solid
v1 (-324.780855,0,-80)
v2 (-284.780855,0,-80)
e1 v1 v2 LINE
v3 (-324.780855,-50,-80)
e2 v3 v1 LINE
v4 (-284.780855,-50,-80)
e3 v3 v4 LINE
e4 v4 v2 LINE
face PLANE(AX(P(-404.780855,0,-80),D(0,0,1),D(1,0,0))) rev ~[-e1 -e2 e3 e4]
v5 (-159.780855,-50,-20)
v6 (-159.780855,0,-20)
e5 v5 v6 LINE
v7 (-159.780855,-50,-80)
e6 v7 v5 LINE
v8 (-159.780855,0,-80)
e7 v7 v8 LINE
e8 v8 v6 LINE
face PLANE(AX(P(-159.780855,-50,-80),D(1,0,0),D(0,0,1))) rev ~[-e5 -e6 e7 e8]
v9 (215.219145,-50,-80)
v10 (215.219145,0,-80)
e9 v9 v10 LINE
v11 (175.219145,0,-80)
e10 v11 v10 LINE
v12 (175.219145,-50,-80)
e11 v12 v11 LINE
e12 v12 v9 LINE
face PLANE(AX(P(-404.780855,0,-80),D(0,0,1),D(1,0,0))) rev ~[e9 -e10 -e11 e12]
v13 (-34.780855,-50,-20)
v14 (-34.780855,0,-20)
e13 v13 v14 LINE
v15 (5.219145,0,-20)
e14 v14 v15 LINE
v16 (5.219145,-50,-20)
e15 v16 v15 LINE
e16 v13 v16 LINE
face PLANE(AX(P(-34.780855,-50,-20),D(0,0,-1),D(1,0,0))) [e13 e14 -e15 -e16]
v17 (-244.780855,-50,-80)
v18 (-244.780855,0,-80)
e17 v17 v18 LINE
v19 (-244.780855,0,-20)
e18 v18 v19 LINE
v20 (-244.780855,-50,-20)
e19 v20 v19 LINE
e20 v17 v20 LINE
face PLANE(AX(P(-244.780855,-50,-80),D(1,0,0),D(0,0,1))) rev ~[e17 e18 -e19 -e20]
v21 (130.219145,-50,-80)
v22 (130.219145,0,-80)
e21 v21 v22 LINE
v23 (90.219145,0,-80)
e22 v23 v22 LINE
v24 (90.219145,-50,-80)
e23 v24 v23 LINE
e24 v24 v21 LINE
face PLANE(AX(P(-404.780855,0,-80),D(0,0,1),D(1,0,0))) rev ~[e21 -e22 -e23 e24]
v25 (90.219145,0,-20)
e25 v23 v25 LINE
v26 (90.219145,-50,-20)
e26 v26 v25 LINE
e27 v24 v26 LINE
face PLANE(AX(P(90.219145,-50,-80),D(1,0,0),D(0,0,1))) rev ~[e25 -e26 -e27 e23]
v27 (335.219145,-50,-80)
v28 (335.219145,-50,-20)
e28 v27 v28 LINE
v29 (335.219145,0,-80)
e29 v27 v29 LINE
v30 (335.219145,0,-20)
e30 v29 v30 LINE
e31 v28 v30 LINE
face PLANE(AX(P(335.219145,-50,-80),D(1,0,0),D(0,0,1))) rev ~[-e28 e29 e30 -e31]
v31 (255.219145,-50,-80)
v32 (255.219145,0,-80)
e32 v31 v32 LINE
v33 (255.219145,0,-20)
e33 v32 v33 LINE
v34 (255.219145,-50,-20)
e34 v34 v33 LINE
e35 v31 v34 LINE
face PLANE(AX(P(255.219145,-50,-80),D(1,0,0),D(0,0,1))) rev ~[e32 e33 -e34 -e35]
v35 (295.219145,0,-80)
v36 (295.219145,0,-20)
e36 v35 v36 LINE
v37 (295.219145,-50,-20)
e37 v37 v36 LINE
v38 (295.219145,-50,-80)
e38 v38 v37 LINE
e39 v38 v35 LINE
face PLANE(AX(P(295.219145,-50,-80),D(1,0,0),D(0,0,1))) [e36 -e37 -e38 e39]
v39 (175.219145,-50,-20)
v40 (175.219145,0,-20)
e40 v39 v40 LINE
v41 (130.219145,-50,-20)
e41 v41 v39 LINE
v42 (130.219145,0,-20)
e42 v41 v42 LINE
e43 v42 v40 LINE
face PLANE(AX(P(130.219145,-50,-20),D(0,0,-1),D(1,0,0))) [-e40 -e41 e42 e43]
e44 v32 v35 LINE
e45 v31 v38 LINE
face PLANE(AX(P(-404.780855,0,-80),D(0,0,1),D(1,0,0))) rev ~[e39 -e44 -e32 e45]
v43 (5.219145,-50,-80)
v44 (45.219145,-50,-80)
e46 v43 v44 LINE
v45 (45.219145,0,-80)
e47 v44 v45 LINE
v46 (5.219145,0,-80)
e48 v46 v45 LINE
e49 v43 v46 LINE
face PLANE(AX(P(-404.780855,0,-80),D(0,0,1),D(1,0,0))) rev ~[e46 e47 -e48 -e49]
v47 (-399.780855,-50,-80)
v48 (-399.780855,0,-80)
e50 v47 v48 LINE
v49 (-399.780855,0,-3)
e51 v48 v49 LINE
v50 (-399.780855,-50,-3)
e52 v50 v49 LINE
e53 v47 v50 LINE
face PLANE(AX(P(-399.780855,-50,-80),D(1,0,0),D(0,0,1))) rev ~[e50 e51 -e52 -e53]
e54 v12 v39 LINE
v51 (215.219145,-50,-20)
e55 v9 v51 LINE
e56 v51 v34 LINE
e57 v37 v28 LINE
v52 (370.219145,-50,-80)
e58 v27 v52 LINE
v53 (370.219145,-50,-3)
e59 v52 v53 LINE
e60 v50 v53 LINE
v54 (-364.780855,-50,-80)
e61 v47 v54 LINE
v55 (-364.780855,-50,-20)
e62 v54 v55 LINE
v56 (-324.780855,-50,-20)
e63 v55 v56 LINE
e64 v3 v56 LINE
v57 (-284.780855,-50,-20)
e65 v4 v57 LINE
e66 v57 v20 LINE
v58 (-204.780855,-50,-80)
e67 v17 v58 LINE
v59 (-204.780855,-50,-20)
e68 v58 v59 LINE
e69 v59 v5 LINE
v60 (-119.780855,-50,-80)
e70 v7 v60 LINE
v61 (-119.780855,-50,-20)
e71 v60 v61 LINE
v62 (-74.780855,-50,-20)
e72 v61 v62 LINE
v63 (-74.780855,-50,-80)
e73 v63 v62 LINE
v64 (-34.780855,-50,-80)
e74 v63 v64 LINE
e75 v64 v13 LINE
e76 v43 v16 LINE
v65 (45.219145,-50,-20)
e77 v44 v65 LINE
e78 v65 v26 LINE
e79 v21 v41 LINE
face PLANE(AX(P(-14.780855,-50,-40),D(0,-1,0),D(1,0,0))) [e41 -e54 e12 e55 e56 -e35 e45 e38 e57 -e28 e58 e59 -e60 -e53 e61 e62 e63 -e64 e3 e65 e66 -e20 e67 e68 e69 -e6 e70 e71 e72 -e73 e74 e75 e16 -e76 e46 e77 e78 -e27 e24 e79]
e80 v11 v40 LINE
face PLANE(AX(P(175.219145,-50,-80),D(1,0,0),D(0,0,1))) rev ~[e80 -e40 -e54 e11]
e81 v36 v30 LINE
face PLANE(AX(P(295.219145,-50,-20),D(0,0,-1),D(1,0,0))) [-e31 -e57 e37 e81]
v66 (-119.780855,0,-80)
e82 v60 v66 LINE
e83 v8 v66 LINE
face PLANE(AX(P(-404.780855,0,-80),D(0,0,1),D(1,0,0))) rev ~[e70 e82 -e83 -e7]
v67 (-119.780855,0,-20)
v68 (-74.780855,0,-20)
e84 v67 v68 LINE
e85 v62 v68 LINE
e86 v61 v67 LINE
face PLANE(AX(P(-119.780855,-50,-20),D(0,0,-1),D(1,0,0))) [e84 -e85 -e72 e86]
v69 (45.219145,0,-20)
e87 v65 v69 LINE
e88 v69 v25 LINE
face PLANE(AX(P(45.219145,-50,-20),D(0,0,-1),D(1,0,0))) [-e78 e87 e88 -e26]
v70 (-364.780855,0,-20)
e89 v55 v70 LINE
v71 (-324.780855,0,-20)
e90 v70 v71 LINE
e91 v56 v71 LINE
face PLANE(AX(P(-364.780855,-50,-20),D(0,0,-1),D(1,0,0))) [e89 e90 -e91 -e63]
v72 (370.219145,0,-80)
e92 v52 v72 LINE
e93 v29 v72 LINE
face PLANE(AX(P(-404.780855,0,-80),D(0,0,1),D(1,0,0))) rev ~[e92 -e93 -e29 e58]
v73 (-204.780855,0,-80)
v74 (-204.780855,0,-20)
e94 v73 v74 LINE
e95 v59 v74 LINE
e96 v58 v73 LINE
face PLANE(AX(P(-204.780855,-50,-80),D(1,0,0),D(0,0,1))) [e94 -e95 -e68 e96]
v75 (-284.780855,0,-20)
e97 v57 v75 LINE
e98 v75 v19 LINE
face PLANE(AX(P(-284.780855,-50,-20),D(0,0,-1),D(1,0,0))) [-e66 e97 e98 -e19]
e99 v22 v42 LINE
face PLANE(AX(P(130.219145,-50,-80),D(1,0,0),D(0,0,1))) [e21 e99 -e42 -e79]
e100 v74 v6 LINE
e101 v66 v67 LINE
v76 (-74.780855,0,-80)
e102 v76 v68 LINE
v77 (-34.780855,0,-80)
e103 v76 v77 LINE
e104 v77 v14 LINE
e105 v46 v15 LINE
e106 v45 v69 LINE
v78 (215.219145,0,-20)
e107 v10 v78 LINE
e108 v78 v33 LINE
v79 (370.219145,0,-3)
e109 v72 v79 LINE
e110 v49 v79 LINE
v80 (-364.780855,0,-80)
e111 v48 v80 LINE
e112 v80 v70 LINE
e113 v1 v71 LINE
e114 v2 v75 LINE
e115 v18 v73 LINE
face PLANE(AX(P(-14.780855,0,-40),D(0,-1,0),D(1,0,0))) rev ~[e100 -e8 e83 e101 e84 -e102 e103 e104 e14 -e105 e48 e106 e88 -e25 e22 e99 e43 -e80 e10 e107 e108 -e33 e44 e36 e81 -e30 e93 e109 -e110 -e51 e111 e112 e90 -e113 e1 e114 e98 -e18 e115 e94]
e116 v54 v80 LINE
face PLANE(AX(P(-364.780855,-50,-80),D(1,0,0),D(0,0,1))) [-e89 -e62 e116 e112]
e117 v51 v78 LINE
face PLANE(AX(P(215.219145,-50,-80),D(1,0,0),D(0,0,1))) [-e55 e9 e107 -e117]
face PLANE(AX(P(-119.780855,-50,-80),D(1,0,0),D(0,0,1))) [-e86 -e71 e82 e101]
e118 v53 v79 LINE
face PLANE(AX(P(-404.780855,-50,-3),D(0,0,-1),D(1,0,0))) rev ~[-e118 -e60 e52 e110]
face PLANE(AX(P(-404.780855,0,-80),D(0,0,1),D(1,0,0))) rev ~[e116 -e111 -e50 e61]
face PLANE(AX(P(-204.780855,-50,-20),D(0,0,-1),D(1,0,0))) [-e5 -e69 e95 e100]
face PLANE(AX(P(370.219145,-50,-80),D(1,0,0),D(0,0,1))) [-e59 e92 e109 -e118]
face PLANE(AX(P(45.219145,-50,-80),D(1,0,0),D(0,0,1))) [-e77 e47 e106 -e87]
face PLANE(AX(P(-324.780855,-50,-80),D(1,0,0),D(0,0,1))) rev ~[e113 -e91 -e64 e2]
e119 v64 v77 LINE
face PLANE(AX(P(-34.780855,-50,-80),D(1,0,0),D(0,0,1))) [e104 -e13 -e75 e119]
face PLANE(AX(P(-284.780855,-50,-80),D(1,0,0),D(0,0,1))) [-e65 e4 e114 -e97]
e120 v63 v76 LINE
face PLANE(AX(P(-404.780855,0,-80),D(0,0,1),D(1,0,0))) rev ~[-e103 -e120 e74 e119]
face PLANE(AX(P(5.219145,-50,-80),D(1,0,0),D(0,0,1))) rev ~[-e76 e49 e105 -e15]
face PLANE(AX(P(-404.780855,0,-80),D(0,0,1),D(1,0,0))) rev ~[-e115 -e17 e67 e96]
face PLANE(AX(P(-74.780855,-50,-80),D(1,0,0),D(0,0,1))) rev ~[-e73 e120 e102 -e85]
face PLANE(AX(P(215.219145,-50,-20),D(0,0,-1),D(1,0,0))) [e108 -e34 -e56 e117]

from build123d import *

# Parameters (mm, degrees)
F0_W     = 780
F0_H     = 80
F1_DEPTH = 50
F2_W     = 40
F2_H     = 60
F2_W_2   = 45
F3_DEPTH = 50
F4_W     = 780
F4_H     = 3
F5_DEPTH = 50
F6_W     = 5
F6_H     = 77
F7_DEPTH = 50
F8_W     = 5
F8_H     = 77
F9_DEPTH = 50


with BuildPart() as f1:
    # F0 (on Front) → F1 (new body)
    with BuildSketch(Plane.XZ):
        with Locations((-14.780855, -40)):
            Rectangle(F0_W, F0_H)
    extrude(amount=F1_DEPTH)

    # F2 (on face) → F3 (cut)
    with BuildSketch(Plane.XZ.offset(50)):
        with Locations((-344.780855, -50)):
            Rectangle(F2_W, F2_H)
        with Locations((-264.780855, -50)):
            Rectangle(F2_W, F2_H)
        with Locations((-182.280855, -50)):
            Rectangle(F2_W_2, F2_H)
        with Locations((-97.280855, -50)):
            Rectangle(F2_W_2, F2_H)
        with Locations((-14.780855, -50)):
            Rectangle(F2_W, F2_H)
        with Locations((67.719145, -50)):
            Rectangle(F2_W_2, F2_H)
        with Locations((152.719145, -50)):
            Rectangle(F2_W_2, F2_H)
        with Locations((235.219145, -50)):
            Rectangle(F2_W, F2_H)
        with Locations((315.219145, -50)):
            Rectangle(F2_W, F2_H)
    extrude(amount=-F3_DEPTH, mode=Mode.SUBTRACT)

    # F4 (on face) → F5 (cut, through all)
    with BuildSketch(Plane.XZ.offset(50)):
        with Locations((-14.780855, -1.5)):
            Rectangle(F4_W, F4_H)
    extrude(amount=-F5_DEPTH, mode=Mode.SUBTRACT)

    # F6 (on face) → F7 (cut, through all)
    with BuildSketch(Plane.XZ.offset(50)):
        with Locations((-402.280855, -41.5)):
            Rectangle(F6_W, F6_H)
    extrude(amount=-F7_DEPTH, mode=Mode.SUBTRACT)

    # F8 (on face) → F9 (cut, through all)
    with BuildSketch(Plane.XZ.offset(50)):
        with Locations((372.719145, -41.5)):
            Rectangle(F8_W, F8_H)
    extrude(amount=-F9_DEPTH, mode=Mode.SUBTRACT)


solid = f1.part
